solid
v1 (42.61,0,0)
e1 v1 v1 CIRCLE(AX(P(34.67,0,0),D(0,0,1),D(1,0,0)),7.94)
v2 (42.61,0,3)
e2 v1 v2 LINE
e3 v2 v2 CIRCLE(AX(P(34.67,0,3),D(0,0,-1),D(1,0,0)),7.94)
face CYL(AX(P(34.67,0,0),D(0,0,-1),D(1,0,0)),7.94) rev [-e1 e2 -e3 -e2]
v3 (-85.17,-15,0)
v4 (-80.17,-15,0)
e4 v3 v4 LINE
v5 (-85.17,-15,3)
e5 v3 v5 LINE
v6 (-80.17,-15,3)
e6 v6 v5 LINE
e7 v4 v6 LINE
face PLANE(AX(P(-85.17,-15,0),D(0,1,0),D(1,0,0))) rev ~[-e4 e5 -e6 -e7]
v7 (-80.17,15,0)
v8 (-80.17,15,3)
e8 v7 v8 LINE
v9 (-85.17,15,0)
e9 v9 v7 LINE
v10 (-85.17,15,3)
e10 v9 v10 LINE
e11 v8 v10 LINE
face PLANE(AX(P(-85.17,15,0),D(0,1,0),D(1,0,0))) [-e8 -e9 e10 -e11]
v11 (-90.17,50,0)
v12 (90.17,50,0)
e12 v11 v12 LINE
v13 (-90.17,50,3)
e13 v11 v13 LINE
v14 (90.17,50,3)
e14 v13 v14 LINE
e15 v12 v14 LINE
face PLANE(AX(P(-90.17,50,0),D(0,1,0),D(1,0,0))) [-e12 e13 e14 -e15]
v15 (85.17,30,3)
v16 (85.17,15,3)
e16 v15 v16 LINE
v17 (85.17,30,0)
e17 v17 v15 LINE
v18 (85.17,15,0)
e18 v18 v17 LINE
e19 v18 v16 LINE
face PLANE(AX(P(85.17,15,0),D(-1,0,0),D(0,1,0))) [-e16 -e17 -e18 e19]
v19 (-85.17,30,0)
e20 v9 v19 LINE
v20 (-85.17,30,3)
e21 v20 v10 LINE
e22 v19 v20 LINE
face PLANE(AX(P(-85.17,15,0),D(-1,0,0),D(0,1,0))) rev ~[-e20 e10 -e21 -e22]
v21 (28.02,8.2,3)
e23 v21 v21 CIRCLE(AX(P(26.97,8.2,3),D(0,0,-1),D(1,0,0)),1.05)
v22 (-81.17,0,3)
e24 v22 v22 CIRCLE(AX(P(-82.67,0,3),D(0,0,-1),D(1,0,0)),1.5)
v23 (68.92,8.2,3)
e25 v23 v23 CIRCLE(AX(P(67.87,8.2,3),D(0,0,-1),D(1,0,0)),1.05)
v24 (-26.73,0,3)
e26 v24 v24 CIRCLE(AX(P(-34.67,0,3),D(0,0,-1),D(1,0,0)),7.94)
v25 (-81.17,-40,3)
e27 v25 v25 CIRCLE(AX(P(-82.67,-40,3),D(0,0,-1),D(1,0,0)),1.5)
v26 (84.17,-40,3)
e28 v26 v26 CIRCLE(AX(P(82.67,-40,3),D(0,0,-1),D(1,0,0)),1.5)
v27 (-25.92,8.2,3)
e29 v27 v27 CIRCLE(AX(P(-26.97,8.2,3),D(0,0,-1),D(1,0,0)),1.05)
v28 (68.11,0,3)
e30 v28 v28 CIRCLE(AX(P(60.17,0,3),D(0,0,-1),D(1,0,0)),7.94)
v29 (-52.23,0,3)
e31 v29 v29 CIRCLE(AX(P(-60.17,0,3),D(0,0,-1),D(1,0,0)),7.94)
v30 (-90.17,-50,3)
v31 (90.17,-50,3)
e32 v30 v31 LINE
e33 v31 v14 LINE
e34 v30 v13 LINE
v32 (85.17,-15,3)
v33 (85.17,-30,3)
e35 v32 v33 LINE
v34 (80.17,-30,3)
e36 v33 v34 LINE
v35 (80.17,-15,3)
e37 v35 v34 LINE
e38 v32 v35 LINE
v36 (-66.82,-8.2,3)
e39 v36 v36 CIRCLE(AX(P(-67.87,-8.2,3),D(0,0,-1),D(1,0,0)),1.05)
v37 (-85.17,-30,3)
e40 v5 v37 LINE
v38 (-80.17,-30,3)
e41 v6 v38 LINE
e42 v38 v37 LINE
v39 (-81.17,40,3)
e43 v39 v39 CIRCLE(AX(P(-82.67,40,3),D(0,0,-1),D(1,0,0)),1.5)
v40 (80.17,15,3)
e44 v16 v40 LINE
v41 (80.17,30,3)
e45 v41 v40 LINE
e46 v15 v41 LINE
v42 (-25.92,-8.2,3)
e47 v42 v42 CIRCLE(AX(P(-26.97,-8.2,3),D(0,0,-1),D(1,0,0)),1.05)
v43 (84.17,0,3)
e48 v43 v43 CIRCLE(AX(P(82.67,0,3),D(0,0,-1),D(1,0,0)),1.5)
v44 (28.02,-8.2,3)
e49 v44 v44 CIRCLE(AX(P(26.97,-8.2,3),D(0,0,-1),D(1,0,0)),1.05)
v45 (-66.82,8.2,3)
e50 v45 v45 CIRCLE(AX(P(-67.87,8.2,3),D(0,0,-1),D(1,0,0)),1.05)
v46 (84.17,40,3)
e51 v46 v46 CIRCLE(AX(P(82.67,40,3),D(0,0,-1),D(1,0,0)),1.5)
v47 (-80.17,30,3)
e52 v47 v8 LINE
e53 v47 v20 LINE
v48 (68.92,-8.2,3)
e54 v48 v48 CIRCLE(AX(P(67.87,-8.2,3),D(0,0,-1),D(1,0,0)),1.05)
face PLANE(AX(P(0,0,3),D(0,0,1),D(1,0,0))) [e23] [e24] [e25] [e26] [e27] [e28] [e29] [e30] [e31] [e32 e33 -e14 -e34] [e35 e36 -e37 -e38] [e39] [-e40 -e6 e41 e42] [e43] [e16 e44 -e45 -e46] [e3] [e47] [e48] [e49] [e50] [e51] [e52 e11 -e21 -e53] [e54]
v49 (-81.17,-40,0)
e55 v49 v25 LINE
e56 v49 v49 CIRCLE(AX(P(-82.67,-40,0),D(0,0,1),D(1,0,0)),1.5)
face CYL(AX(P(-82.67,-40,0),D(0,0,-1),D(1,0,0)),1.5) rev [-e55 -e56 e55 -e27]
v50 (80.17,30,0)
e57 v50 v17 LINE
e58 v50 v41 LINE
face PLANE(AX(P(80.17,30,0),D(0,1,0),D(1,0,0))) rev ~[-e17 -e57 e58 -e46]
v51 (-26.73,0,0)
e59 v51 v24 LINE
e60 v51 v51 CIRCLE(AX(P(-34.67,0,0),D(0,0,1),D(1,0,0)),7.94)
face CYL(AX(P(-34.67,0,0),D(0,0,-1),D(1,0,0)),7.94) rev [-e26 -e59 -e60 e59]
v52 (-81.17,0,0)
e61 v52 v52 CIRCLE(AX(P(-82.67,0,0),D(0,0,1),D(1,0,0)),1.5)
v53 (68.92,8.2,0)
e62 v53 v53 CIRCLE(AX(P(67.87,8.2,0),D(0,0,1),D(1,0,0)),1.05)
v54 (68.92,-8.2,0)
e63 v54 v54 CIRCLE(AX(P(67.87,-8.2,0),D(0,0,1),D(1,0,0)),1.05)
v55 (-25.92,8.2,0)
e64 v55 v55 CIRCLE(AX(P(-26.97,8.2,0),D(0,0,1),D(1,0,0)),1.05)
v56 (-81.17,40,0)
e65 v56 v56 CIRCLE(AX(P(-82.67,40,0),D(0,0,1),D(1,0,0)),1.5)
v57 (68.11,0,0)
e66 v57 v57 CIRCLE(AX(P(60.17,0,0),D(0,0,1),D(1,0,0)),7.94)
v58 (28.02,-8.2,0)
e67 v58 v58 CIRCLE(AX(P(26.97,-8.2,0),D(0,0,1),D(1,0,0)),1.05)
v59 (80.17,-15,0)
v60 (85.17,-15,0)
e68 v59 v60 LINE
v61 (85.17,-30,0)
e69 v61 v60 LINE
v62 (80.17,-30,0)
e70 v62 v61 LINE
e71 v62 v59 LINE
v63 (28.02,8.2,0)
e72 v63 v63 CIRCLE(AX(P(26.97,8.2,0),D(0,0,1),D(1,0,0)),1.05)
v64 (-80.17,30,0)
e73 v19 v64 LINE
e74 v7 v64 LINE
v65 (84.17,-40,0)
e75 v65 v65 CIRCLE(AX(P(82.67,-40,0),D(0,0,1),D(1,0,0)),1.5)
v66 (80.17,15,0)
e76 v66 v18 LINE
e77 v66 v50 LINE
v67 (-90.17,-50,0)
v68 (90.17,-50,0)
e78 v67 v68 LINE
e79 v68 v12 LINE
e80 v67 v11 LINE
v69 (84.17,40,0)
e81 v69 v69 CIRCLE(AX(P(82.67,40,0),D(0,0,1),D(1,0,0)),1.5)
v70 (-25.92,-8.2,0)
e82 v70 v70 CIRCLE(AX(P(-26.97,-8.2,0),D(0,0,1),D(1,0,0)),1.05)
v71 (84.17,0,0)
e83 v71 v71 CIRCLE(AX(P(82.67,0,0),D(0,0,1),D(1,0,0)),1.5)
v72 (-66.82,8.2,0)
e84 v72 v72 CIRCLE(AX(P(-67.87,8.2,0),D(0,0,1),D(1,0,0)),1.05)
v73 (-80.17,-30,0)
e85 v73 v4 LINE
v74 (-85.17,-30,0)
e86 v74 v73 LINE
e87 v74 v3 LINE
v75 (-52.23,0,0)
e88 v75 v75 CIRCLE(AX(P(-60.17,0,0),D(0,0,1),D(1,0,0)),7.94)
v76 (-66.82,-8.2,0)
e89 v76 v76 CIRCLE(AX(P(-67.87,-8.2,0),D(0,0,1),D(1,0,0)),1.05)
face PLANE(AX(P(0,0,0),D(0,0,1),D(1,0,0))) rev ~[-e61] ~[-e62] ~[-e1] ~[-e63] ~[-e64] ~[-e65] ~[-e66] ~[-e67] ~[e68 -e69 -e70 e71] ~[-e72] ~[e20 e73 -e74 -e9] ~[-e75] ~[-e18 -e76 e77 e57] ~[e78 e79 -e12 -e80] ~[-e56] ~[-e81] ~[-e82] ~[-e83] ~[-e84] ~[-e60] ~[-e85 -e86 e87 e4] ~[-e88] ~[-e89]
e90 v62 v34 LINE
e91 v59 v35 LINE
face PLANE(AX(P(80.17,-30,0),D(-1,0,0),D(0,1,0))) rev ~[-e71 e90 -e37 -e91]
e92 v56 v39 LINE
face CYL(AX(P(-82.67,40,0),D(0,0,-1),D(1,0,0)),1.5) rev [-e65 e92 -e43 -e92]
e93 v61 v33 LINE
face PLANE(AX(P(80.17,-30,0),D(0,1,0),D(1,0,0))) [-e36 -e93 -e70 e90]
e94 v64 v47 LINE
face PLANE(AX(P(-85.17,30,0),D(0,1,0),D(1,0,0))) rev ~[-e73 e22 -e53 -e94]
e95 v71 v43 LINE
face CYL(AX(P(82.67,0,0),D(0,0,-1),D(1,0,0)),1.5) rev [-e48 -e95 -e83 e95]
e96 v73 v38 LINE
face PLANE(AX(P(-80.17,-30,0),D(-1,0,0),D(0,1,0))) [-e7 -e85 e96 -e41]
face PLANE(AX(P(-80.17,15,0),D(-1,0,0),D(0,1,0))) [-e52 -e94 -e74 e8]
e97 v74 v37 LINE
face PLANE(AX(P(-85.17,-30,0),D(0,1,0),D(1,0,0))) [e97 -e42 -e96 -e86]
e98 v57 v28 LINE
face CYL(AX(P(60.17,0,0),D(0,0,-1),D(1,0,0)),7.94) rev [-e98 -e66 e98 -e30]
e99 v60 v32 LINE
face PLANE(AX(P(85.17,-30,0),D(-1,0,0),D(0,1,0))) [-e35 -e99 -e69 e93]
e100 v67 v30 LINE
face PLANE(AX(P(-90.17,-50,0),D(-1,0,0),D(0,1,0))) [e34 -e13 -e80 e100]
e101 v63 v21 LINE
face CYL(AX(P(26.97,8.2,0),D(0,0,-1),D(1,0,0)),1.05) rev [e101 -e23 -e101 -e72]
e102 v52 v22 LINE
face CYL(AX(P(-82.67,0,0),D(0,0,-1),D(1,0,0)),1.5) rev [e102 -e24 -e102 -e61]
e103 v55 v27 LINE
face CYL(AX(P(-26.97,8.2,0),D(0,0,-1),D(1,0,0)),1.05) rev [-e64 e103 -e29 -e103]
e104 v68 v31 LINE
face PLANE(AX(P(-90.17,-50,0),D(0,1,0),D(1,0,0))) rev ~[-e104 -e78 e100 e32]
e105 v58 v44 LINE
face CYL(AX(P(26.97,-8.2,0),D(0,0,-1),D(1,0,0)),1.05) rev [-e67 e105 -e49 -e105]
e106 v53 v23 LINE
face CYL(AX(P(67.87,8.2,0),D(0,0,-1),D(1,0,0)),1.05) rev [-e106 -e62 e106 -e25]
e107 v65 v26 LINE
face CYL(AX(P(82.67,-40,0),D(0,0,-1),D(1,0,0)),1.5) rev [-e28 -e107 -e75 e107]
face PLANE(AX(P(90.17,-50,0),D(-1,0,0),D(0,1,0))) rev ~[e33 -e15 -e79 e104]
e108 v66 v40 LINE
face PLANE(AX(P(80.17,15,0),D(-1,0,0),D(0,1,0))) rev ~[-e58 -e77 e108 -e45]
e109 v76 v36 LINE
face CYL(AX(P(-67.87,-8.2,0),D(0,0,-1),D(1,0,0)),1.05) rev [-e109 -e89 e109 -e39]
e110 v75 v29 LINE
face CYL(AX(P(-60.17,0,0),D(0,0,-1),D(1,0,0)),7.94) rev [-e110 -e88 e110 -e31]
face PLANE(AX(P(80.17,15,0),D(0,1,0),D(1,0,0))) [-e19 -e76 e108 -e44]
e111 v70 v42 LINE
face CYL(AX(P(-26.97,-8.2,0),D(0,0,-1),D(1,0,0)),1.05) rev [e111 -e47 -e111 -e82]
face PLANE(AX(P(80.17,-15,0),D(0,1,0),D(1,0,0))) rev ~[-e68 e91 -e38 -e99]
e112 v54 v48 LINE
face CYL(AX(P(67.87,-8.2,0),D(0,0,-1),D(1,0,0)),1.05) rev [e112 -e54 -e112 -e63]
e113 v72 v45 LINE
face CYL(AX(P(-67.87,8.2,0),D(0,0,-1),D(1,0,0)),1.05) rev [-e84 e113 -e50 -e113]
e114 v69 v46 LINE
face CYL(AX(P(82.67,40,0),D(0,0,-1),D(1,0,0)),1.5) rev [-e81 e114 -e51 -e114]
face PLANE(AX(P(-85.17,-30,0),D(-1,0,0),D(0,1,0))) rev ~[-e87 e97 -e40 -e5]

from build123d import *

# Parameters (mm, degrees)
SCHIZZO1_W                   = 180.34
SCHIZZO1_H                   = 100
ESTRUSIONE_ESTRUSIONE1_DEPTH = 3
SCHIZZO2_R                   = 1.5
SCHIZZO2_W                   = 5
SCHIZZO2_H                   = 15
TAGLIO_ESTRUSIONE1_DEPTH     = 4
SCHIZZO3_R                   = 7.94
SCHIZZO3_R_2                 = 1.05
TAGLIO_ESTRUSIONE2_DEPTH     = 4


with BuildPart() as part:
    # Schizzo1 → Estrusione-Estrusione1 (new body)
    with BuildSketch(Plane.XY):
        Rectangle(SCHIZZO1_W, SCHIZZO1_H)
    extrude(amount=ESTRUSIONE_ESTRUSIONE1_DEPTH)

    # Schizzo2 → Taglio-Estrusione1 (cut, through all)
    with BuildSketch(Plane.XY):
        with Locations((-82.67, 0)):
            Circle(SCHIZZO2_R)
        with Locations((82.67, 0)):
            Circle(SCHIZZO2_R)
        with Locations((-82.67, 40)):
            Circle(SCHIZZO2_R)
        with Locations((-82.67, -40)):
            Circle(SCHIZZO2_R)
        with Locations((82.67, -40)):
            Circle(SCHIZZO2_R)
        with Locations((82.67, 40)):
            Circle(SCHIZZO2_R)
        with Locations((-82.67, 22.5)):
            Rectangle(SCHIZZO2_W, SCHIZZO2_H)
        with Locations((-82.67, -22.5)):
            Rectangle(SCHIZZO2_W, SCHIZZO2_H)
        with Locations((82.67, 22.5)):
            Rectangle(SCHIZZO2_W, SCHIZZO2_H)
        with Locations((82.67, -22.5)):
            Rectangle(SCHIZZO2_W, SCHIZZO2_H)
    extrude(amount=TAGLIO_ESTRUSIONE1_DEPTH, mode=Mode.SUBTRACT)

    # Schizzo3 → Taglio-Estrusione2 (cut, through all)
    with BuildSketch(Plane.XY):
        with Locations((-60.17, 0)):
            Circle(SCHIZZO3_R)
        with Locations((-34.67, 0)):
            Circle(SCHIZZO3_R)
        with Locations((60.17, 0)):
            Circle(SCHIZZO3_R)
        with Locations((34.67, 0)):
            Circle(SCHIZZO3_R)
        with Locations((-26.97, -8.2)):
            Circle(SCHIZZO3_R_2)
        with Locations((-26.97, 8.2)):
            Circle(SCHIZZO3_R_2)
        with Locations((-67.87, -8.2)):
            Circle(SCHIZZO3_R_2)
        with Locations((-67.87, 8.2)):
            Circle(SCHIZZO3_R_2)
        with Locations((26.97, 8.2)):
            Circle(SCHIZZO3_R_2)
        with Locations((26.97, -8.2)):
            Circle(SCHIZZO3_R_2)
        with Locations((67.87, -8.2)):
            Circle(SCHIZZO3_R_2)
        with Locations((67.87, 8.2)):
            Circle(SCHIZZO3_R_2)
    extrude(amount=TAGLIO_ESTRUSIONE2_DEPTH, mode=Mode.SUBTRACT)


solid = part.part
